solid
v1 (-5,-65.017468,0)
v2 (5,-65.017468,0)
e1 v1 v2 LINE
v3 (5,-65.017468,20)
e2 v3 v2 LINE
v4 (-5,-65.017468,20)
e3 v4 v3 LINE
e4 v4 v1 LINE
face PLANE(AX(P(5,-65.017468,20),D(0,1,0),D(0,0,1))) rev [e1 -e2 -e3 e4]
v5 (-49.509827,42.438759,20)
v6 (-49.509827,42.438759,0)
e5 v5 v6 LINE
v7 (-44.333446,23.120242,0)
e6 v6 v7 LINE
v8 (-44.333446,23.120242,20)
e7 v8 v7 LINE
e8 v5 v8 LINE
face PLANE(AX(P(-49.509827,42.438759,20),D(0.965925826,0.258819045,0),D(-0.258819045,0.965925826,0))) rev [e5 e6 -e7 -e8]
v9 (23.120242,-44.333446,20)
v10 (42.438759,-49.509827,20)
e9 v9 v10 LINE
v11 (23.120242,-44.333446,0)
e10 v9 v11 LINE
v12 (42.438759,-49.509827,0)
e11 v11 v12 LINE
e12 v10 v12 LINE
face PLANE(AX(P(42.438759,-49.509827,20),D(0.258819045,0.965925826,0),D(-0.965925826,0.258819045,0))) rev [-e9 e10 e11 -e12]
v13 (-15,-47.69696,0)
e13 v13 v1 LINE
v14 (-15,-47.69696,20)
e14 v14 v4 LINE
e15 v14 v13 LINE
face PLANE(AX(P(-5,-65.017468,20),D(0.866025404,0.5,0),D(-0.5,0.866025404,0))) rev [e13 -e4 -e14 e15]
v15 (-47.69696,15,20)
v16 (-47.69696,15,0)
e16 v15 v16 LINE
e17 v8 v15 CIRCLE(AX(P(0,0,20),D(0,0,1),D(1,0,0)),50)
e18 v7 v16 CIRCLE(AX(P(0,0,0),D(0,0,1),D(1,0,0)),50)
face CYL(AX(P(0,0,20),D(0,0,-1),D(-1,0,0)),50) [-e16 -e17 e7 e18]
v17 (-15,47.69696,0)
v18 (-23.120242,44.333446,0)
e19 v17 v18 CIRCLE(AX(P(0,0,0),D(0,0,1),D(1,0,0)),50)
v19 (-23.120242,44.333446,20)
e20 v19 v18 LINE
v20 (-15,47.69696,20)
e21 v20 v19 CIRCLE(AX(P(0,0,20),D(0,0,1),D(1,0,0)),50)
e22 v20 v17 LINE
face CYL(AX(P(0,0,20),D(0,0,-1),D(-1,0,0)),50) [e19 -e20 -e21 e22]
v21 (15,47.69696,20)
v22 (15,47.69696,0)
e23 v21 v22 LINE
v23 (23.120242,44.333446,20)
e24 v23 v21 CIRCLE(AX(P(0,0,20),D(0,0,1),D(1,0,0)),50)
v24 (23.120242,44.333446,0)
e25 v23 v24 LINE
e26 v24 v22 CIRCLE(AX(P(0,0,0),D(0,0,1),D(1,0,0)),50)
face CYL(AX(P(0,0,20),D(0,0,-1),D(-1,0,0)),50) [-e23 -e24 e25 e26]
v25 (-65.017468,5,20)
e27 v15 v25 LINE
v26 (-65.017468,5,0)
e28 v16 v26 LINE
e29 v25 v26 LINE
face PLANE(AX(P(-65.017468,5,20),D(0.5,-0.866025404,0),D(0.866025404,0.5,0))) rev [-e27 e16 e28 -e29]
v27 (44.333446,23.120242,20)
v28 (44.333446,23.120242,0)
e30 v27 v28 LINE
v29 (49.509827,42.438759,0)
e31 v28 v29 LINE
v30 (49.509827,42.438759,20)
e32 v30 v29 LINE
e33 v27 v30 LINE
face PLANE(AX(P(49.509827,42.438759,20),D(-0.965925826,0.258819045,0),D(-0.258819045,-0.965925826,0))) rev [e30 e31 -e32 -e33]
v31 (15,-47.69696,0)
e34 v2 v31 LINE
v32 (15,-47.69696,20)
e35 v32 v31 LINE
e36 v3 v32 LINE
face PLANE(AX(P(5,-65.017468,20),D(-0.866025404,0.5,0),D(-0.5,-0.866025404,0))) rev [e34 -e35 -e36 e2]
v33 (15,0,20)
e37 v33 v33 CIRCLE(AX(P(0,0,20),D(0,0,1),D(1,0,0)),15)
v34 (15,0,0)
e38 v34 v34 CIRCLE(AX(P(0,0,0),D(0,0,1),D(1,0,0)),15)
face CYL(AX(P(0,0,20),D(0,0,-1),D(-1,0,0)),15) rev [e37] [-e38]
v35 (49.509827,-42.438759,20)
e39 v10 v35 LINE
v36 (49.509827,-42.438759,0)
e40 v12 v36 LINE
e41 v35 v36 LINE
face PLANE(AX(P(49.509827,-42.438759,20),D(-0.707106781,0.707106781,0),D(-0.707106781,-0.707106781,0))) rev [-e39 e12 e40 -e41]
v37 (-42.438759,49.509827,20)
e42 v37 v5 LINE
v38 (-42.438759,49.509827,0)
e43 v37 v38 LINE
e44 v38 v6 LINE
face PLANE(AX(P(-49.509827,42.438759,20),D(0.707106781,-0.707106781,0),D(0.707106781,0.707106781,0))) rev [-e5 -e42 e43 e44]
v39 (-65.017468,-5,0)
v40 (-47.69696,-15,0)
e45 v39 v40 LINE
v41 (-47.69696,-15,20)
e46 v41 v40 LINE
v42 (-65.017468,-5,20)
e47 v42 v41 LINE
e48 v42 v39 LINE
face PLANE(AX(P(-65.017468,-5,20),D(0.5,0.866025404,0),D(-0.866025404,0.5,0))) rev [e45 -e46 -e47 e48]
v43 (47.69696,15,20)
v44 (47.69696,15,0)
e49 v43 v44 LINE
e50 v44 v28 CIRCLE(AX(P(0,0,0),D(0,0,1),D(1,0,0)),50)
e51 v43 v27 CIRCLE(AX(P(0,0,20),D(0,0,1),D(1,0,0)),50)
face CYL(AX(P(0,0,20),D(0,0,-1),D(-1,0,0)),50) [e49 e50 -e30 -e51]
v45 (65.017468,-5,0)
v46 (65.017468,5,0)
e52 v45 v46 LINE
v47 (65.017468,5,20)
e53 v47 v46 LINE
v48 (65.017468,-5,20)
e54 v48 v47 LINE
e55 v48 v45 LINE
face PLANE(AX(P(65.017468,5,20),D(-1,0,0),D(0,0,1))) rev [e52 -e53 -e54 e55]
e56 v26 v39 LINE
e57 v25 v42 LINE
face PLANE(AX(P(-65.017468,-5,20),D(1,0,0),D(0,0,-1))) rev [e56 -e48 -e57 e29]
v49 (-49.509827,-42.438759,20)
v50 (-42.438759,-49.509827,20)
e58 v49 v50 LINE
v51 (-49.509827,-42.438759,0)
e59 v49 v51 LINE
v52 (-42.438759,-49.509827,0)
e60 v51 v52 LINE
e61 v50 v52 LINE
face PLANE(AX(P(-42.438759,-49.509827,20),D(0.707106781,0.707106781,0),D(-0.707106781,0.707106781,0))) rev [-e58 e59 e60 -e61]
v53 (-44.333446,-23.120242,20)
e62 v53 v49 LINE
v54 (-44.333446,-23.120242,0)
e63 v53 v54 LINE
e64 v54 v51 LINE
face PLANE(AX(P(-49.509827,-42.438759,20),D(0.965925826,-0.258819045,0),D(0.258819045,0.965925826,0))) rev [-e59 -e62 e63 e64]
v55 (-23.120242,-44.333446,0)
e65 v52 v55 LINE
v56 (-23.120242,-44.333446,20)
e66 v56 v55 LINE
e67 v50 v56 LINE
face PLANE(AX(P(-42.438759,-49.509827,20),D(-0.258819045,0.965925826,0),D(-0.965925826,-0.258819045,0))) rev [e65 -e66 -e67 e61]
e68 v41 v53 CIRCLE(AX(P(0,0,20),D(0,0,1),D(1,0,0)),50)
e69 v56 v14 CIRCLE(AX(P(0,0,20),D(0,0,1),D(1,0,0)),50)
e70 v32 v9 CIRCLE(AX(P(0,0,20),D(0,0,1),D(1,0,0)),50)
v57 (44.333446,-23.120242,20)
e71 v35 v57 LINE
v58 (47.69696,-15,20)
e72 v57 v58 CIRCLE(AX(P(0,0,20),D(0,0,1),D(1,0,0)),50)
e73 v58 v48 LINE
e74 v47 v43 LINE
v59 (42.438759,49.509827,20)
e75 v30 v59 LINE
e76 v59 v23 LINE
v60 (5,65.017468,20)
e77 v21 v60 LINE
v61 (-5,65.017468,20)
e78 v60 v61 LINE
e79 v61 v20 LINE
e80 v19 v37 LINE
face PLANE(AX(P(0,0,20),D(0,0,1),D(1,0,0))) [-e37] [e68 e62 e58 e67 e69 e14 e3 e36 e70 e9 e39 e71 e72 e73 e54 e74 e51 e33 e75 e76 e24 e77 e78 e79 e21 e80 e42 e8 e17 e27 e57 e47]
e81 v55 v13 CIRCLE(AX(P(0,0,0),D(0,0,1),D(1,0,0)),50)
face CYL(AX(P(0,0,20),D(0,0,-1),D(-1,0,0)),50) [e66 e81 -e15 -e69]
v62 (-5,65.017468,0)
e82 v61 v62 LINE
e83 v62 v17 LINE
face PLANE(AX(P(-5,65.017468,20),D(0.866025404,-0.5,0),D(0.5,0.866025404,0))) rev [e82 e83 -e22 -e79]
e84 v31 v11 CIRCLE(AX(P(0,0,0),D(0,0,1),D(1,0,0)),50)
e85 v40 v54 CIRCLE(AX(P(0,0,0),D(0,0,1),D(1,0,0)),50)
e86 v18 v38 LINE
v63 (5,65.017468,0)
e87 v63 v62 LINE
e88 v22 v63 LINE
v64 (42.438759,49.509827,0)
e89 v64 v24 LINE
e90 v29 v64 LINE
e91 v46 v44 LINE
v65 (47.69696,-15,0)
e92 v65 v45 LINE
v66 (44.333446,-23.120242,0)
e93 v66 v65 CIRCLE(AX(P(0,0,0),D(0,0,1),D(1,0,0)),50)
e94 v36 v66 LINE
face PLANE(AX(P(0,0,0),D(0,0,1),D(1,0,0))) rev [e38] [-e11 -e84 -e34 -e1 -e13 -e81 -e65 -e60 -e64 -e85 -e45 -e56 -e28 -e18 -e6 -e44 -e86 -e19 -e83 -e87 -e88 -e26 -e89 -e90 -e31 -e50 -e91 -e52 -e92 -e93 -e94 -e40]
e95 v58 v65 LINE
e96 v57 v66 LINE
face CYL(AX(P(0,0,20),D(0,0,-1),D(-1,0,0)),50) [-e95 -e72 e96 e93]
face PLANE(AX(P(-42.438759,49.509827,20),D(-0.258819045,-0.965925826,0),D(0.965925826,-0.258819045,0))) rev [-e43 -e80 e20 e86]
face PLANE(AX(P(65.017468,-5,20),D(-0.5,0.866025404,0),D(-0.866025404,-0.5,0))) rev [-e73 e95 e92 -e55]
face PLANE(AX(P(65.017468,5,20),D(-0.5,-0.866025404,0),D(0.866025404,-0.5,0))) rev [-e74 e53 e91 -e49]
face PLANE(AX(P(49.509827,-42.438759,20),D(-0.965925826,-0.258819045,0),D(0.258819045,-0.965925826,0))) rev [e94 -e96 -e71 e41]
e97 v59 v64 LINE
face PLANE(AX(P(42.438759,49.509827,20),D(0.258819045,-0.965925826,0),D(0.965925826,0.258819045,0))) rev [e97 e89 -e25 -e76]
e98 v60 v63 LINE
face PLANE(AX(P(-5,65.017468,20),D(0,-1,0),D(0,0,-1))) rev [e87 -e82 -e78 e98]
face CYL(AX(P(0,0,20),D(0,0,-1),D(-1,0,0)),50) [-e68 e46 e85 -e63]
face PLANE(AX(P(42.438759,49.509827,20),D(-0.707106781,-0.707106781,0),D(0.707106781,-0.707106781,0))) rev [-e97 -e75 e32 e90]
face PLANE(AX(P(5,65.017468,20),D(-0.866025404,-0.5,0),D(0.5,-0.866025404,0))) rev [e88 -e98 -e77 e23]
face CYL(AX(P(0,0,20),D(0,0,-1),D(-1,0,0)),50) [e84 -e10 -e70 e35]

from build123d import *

# Parameters (mm, degrees)
SZKIC1_R                    = 15
DODANIE_WYCI_GNI_CIE1_DEPTH = 20


with BuildPart() as part:
    # Szkic1 → Dodanie-wyciągnięcie1 (new body)
    with BuildSketch(Plane.XY):
        with BuildLine():
            Line((-5, 65.017468147), (5, 65.017468147))
            Line((5, 65.017468147), (15, 47.696960071))
            ThreePointArc((15, 47.696960071), (19.134171618, 46.193976626), (23.12024219, 44.333445626))
            Line((23.12024219, 44.333445626), (42.438758716, 49.509826528))
            Line((42.438758716, 49.509826528), (49.509826528, 42.438758716))
            Line((49.509826528, 42.438758716), (44.333445626, 23.12024219))
            ThreePointArc((44.333445626, 23.12024219), (46.193976626, 19.134171618), (47.696960071, 15))
            Line((47.696960071, 15), (65.017468147, 5))
            Line((65.017468147, 5), (65.017468147, -5))
            Line((65.017468147, -5), (47.696960071, -15))
            ThreePointArc((47.696960071, -15), (46.193976626, -19.134171618), (44.333445626, -23.12024219))
            Line((44.333445626, -23.12024219), (49.509826528, -42.438758716))
            Line((49.509826528, -42.438758716), (42.438758716, -49.509826528))
            Line((42.438758716, -49.509826528), (23.12024219, -44.333445626))
            ThreePointArc((23.12024219, -44.333445626), (19.134171618, -46.193976626), (15, -47.696960071))
            Line((15, -47.696960071), (5, -65.017468147))
            Line((5, -65.017468147), (-5, -65.017468147))
            Line((-5, -65.017468147), (-15, -47.696960071))
            ThreePointArc((-15, -47.696960071), (-19.134171618, -46.193976626), (-23.12024219, -44.333445626))
            Line((-23.12024219, -44.333445626), (-42.438758716, -49.509826528))
            Line((-42.438758716, -49.509826528), (-49.509826528, -42.438758716))
            Line((-49.509826528, -42.438758716), (-44.333445626, -23.12024219))
            ThreePointArc((-44.333445626, -23.12024219), (-46.193976626, -19.134171618), (-47.696960071, -15))
            Line((-47.696960071, -15), (-65.017468147, -5))
            Line((-65.017468147, -5), (-65.017468147, 5))
            Line((-65.017468147, 5), (-47.696960071, 15))
            ThreePointArc((-47.696960071, 15), (-46.193976626, 19.134171618), (-44.333445626, 23.12024219))
            Line((-44.333445626, 23.12024219), (-49.509826528, 42.438758716))
            Line((-49.509826528, 42.438758716), (-42.438758716, 49.509826528))
            Line((-42.438758716, 49.509826528), (-23.12024219, 44.333445626))
            ThreePointArc((-23.12024219, 44.333445626), (-19.134171618, 46.193976626), (-15, 47.696960071))
            Line((-15, 47.696960071), (-5, 65.017468147))
        make_face()
        Circle(SZKIC1_R, mode=Mode.SUBTRACT)
    extrude(amount=DODANIE_WYCI_GNI_CIE1_DEPTH)


solid = part.part
